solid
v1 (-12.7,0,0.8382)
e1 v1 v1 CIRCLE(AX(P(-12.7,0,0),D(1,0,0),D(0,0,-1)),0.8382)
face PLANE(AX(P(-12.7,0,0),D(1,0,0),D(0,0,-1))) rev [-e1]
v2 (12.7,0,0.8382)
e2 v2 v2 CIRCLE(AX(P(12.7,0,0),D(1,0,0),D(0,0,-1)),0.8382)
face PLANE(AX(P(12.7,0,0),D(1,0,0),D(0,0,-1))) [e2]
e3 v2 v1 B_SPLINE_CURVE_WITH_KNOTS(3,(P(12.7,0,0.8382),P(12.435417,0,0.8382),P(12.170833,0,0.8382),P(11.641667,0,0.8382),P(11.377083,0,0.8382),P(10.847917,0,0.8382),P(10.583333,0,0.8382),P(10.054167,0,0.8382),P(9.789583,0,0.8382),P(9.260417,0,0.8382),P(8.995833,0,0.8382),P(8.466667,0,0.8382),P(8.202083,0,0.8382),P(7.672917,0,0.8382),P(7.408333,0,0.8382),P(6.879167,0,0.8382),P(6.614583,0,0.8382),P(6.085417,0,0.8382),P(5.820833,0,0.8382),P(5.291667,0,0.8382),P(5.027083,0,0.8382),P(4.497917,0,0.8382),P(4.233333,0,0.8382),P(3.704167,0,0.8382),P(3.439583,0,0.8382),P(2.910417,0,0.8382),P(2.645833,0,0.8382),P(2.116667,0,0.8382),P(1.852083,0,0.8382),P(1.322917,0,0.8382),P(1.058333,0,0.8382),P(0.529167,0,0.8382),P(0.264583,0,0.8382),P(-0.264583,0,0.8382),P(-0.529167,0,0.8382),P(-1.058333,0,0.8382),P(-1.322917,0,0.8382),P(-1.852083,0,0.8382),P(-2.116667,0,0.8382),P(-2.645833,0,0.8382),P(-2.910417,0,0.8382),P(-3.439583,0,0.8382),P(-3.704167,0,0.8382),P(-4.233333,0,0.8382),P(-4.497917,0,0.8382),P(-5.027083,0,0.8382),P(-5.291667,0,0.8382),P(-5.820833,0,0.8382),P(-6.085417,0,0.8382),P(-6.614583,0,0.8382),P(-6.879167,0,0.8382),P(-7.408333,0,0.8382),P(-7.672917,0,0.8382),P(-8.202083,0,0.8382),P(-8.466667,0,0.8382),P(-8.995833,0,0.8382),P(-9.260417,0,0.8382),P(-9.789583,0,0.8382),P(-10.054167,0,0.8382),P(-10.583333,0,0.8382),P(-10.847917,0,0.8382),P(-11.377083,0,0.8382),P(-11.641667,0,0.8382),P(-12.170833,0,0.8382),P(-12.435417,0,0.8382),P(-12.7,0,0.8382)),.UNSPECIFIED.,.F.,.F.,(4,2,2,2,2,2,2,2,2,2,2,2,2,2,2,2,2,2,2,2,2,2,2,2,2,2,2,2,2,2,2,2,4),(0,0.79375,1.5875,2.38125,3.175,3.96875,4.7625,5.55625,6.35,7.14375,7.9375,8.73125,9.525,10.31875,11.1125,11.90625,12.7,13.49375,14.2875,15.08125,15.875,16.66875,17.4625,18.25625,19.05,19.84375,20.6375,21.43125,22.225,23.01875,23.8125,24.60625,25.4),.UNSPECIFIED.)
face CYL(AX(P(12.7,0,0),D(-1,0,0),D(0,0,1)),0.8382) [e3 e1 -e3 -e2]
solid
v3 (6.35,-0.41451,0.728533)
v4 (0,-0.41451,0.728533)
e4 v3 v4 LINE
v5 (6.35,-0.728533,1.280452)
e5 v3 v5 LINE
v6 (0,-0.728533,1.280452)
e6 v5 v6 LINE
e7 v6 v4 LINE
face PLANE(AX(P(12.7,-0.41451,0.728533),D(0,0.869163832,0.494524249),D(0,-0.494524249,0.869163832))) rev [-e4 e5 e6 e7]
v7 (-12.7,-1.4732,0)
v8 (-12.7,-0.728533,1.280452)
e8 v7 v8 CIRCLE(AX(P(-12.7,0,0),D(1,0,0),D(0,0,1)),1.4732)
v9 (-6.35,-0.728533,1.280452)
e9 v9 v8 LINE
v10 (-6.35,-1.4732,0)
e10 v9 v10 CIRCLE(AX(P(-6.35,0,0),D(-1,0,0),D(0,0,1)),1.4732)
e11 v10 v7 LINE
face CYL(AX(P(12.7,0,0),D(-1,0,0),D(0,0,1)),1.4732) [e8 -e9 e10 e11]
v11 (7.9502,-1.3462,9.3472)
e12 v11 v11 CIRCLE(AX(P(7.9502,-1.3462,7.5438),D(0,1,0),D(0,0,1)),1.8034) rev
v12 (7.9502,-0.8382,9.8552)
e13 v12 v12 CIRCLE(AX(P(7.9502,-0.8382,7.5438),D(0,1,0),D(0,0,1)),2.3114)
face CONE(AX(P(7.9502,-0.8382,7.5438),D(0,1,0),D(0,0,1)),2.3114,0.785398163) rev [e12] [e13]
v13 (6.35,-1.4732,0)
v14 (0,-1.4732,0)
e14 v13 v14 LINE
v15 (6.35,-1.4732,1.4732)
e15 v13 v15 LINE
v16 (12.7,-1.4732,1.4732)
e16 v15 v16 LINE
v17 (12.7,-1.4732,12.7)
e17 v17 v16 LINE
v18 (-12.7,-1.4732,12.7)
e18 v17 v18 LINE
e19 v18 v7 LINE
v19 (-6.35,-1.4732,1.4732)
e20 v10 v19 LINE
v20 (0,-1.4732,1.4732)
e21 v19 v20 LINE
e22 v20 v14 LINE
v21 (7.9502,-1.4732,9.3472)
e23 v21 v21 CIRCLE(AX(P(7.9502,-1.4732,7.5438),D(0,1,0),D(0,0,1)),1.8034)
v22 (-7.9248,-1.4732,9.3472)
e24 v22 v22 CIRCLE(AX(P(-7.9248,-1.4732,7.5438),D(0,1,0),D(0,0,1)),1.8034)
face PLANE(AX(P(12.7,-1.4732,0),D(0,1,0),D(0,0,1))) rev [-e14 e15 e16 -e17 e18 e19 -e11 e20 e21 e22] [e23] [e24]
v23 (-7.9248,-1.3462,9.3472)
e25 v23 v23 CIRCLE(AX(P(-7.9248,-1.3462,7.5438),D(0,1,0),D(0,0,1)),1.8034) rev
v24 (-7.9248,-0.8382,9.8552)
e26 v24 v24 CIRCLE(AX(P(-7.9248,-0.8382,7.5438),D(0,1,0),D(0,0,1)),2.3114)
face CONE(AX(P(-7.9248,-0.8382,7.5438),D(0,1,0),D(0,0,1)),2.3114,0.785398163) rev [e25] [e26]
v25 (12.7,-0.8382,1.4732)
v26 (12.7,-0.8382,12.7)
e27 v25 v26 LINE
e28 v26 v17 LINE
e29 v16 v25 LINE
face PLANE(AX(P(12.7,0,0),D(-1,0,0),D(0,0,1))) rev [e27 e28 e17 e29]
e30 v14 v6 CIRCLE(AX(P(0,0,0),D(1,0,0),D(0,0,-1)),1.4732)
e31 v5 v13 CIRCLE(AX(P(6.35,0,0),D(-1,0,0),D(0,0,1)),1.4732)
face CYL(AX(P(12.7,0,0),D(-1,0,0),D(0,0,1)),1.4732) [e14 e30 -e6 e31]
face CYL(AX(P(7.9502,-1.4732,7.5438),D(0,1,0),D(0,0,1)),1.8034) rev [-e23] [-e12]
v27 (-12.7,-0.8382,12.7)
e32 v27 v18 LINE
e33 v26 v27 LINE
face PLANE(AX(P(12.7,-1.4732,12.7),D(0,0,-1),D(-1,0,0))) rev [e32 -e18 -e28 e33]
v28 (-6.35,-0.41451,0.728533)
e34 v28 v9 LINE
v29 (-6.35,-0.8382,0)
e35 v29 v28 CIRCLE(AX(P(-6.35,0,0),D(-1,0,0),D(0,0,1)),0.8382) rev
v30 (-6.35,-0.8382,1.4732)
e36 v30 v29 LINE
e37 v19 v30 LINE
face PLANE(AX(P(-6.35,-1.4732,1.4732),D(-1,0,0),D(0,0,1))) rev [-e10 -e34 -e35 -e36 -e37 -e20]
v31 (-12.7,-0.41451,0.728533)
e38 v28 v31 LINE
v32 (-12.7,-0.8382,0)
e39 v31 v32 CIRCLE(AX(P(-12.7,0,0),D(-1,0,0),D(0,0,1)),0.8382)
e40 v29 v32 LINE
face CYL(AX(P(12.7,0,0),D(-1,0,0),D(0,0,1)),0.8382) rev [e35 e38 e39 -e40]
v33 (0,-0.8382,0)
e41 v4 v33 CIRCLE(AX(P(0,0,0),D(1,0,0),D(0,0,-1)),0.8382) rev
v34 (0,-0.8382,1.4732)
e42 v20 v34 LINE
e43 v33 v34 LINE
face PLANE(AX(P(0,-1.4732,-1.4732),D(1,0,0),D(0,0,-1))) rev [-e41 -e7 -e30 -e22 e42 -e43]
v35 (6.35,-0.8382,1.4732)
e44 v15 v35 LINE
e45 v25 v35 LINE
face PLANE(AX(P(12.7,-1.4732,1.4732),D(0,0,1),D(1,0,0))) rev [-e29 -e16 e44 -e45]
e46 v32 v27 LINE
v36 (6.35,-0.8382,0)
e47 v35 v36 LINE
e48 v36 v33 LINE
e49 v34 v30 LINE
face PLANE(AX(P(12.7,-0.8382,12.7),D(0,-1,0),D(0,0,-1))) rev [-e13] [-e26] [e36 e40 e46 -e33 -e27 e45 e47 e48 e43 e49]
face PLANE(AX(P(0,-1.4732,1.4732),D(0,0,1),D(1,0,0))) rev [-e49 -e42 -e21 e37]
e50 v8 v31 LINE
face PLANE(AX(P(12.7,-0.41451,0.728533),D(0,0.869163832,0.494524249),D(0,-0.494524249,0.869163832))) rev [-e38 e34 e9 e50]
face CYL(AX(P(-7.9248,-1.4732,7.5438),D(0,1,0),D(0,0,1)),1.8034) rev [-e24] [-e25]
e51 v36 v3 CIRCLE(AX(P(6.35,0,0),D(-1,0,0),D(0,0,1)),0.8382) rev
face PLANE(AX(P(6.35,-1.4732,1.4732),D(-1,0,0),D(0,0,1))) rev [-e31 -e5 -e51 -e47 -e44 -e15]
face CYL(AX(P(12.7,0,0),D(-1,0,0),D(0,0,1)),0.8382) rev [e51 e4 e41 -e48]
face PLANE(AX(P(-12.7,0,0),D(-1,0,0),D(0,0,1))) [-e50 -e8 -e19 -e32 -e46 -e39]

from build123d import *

# Parameters (mm, degrees)
BOSS_EXTRUDE1_DEPTH     = 12.7
SKETCH4_W               = 6.35
SKETCH4_H               = 2.9464
CUT_EXTRUDE1_DEPTH      = 19.020830121
LPATTERN1_COUNT         = 6
LPATTERN1_PITCH         = 12.7
CUT_EXTRUDE3_DEPTH      = 19.020830121
CUT_EXTRUDE3_DEPTH_BACK = 19.020830121
SKETCH9_R               = 1.8034
SKETCH6_R               = 0.8382
BOSS_EXTRUDE2_DEPTH     = 12.7


with BuildPart() as part:
    # Sketch3 → Boss-Extrude1 (new, symmetric)
    with BuildSketch(Plane(origin=(0, 0, 0), x_dir=(0, 0, -1), z_dir=(1, 0, 0))):
        with BuildLine():
            Line((0, -1.4732), (-12.7, -1.4732))
            Line((-12.7, -1.4732), (-12.7, -0.8382))
            Line((-12.7, -0.8382), (0, -0.8382))
            ThreePointArc((0, -0.8382), (0.421388638, 0.724576328), (-0.728533124, -0.414510226))
            Line((-0.728533124, -0.414510226), (-1.280452157, -0.728533124))
            ThreePointArc((-1.280452157, -0.728533124), (0.740622455, 1.273497789), (0, -1.4732))
        make_face()
    extrude(amount=BOSS_EXTRUDE1_DEPTH, both=True)

    # Sketch4 → Cut-Extrude1 (cut, symmetric)
    with BuildSketch(Plane(origin=(0, 0, 0), x_dir=(1, 0, 0), z_dir=(0, 1, 0))):
        with Locations((-3.175, 0)):
            Rectangle(SKETCH4_W, SKETCH4_H)
    cut_extrude1 = extrude(amount=CUT_EXTRUDE1_DEPTH, both=True, mode=Mode.SUBTRACT)

    # LPattern1: Cut-Extrude1 ×6
    with Locations(*[(i * LPATTERN1_PITCH, 0, 0) for i in range(1, LPATTERN1_COUNT)]):
        add(cut_extrude1, mode=Mode.SUBTRACT)

    # Cut-Extrude2 cone 1 section (through the dimple's axis) → Cut-Extrude2 (revolve, cut)
    with BuildSketch(Plane(origin=(7.9502, -0.8382, 7.5438), x_dir=(0, 0, 1), z_dir=(1, 0, 0))):
        Polygon((0, 0), (2.3114, 0), (0, 2.3114), align=None)
    revolve(axis=Axis((7.9502, -0.8382, 7.5438), (0, -1, 0)), mode=Mode.SUBTRACT)

    # Cut-Extrude2 cone 2 section (through the dimple's axis) → Cut-Extrude2 cone 2 (revolve, cut)
    with BuildSketch(Plane(origin=(-7.9248, -0.8382, 7.5438), x_dir=(0, 0, 1), z_dir=(1, 0, 0))):
        Polygon((0, 0), (2.3114, 0), (0, 2.3114), align=None)
    revolve(axis=Axis((-7.9248, -0.8382, 7.5438), (0, -1, 0)), mode=Mode.SUBTRACT)

    # Sketch9 → Cut-Extrude3 (cut, two sides: drawn at the far end of the back side and taken through both)
    with BuildSketch(Plane(origin=(0, 0, 0), x_dir=(1, 0, 0), z_dir=(0, 1, 0)).offset(-CUT_EXTRUDE3_DEPTH_BACK)):
        with Locations(Location((7.9502, -7.5438, 0), (0, 0, 270))):
            Circle(SKETCH9_R)
        with Locations(Location((-7.9248, -7.5438, 0), (0, 0, 270))):
            Circle(SKETCH9_R)
    extrude(amount=CUT_EXTRUDE3_DEPTH + CUT_EXTRUDE3_DEPTH_BACK, mode=Mode.SUBTRACT)


with BuildPart() as body_2:
    # Sketch6 → Boss-Extrude2 (new, symmetric)
    with BuildSketch(Plane(origin=(0, 0, 0), x_dir=(0, 0, -1), z_dir=(1, 0, 0))):
        with Locations(Location((0, 0, 0), (0, 0, 180))):
            Circle(SKETCH6_R)
    extrude(amount=BOSS_EXTRUDE2_DEPTH, both=True)


solid = Compound([part.part, body_2.part])
